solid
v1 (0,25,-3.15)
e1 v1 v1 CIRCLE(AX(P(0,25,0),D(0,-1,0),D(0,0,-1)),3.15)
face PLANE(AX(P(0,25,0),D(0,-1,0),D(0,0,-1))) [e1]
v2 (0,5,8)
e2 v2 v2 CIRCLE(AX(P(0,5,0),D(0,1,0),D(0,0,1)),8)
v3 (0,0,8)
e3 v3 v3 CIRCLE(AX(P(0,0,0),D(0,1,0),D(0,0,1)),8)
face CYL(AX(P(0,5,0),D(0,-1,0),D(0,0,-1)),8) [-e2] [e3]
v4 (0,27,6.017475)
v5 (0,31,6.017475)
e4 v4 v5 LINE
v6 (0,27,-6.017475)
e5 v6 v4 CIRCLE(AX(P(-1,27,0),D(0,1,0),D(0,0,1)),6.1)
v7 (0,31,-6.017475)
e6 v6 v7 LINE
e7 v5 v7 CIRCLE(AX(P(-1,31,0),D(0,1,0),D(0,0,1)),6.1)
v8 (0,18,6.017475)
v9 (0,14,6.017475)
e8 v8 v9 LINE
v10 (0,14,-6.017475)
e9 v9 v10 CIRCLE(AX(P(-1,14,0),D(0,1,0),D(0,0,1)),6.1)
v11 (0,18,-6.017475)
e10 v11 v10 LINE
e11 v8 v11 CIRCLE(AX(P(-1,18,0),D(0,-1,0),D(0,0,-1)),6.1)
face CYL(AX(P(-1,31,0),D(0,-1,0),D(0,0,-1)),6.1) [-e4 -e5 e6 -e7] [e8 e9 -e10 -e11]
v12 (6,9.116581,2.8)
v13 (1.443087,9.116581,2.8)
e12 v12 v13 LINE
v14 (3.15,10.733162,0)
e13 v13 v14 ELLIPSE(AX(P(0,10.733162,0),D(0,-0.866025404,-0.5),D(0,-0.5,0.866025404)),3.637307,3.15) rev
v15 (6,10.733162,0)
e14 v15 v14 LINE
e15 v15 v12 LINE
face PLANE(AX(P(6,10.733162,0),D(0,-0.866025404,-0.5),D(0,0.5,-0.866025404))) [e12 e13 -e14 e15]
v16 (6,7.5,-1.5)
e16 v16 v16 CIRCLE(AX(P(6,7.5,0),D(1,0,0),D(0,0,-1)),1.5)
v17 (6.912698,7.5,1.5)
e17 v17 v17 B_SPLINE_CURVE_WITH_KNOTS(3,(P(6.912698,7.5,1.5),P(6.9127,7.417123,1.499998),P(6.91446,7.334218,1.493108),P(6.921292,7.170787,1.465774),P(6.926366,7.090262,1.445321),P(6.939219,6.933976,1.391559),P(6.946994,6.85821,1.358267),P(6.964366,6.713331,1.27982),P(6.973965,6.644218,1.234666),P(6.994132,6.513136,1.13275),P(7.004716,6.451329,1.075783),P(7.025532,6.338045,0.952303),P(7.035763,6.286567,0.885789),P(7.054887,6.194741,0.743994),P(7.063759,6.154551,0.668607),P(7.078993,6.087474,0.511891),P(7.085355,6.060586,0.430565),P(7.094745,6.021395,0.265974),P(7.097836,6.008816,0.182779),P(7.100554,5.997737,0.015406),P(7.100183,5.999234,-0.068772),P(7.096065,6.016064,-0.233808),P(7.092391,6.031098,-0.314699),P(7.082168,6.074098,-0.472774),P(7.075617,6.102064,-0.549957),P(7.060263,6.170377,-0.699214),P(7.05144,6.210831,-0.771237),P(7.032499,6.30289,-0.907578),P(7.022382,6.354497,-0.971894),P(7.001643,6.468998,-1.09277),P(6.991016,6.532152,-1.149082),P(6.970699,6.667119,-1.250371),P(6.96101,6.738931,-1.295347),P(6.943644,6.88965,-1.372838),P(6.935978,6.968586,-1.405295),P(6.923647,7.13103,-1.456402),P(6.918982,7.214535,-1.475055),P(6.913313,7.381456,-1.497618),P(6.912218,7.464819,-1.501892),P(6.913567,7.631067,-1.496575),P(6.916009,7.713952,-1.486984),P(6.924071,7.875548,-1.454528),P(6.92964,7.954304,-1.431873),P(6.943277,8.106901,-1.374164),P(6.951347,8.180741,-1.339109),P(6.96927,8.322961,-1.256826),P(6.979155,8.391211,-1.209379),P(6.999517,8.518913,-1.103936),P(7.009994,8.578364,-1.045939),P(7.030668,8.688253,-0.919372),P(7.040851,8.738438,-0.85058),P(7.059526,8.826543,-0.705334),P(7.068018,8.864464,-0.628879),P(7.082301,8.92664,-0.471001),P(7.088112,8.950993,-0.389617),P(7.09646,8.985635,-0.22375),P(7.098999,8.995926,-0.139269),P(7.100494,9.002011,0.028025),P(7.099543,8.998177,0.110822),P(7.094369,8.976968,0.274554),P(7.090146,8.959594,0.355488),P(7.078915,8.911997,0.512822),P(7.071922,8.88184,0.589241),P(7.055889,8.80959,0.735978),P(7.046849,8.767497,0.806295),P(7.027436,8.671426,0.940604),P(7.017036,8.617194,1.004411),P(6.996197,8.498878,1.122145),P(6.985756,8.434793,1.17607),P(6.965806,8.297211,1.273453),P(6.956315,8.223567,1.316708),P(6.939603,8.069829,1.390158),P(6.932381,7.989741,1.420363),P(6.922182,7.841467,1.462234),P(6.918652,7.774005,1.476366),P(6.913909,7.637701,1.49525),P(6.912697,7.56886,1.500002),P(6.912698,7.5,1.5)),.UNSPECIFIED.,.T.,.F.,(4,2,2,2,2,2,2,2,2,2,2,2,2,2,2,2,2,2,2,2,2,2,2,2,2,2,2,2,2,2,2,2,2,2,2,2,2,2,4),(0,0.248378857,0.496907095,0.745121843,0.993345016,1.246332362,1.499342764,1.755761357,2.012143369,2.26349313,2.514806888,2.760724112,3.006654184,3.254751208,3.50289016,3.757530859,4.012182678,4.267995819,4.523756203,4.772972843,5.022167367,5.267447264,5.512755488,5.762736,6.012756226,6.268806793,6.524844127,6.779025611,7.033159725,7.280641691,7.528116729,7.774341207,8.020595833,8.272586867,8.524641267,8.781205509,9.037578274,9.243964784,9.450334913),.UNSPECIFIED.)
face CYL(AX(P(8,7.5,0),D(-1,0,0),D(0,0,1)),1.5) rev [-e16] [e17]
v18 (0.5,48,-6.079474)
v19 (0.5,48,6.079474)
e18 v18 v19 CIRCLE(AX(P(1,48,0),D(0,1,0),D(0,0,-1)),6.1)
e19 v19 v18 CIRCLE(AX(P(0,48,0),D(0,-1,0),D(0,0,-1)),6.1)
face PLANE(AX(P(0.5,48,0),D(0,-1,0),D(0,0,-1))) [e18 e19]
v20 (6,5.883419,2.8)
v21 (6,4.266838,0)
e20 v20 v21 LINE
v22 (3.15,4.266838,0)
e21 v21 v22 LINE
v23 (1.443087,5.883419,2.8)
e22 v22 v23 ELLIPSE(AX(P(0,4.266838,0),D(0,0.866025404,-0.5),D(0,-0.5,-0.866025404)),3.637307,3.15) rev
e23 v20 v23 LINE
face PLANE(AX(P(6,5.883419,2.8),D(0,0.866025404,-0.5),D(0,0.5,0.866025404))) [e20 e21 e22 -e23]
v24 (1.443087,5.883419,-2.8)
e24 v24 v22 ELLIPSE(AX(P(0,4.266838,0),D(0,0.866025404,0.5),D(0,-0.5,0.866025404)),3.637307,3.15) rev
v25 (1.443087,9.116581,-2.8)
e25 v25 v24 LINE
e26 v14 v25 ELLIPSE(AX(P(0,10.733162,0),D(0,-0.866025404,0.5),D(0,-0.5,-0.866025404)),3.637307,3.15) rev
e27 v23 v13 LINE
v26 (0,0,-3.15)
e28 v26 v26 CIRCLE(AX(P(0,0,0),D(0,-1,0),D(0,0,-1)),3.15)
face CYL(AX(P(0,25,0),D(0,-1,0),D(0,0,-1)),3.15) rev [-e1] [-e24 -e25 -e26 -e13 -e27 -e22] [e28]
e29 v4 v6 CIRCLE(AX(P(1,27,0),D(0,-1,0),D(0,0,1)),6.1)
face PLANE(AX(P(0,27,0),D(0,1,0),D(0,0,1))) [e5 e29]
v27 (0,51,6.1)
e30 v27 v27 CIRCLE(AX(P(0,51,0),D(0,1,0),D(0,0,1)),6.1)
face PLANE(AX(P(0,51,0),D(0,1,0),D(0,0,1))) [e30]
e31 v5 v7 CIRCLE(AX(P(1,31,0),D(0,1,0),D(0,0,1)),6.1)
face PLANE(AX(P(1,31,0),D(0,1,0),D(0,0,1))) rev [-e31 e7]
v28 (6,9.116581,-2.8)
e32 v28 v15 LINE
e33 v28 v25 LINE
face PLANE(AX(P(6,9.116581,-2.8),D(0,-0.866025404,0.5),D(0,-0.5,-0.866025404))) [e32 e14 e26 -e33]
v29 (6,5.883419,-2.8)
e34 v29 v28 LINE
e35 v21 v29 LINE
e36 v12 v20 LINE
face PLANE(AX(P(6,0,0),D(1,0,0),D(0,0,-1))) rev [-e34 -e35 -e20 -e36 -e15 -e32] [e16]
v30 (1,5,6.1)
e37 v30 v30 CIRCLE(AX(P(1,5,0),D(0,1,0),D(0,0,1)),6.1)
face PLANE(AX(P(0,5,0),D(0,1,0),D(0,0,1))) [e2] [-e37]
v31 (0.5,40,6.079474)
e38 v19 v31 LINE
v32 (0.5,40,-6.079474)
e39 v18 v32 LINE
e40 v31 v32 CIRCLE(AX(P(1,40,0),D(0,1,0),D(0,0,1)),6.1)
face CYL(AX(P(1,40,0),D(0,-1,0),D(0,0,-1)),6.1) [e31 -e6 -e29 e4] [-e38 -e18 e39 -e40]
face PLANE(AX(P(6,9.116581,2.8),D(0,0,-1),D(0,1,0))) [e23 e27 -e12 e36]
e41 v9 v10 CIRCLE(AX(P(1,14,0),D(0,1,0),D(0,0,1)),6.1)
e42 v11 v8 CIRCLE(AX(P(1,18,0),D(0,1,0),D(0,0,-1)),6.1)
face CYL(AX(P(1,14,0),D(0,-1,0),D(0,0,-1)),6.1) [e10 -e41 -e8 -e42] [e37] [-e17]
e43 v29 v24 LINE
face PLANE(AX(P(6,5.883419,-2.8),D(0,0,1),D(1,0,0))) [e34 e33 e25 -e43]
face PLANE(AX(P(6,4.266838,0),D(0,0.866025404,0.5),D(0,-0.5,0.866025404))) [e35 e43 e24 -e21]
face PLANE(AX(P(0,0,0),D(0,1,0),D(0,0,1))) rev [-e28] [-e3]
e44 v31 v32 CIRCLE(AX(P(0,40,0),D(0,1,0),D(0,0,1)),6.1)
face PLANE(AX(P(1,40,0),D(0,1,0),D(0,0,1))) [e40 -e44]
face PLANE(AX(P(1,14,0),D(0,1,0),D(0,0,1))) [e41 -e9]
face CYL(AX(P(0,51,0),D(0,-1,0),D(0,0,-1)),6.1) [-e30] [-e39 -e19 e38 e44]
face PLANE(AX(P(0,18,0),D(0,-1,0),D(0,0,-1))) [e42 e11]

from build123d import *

# Parameters (mm, degrees)
SKETCH1_R           = 8
BOSS_EXTRUDE1_DEPTH = 5
SKETCH2_R           = 6.1
BOSS_EXTRUDE2_DEPTH = 9
SKETCH3_R           = 6.1
BOSS_EXTRUDE3_DEPTH = 17
SKETCH4_R           = 6.1
BOSS_EXTRUDE4_DEPTH = 9
CUT_EXTRUDE1_START  = -4
CUT_EXTRUDE1_DEPTH  = 4
CUT_EXTRUDE2_DEPTH  = 4
SKETCH7_R           = 6.1
BOSS_EXTRUDE5_DEPTH = 11
CUT_EXTRUDE3_DEPTH  = 8
SKETCH9_R           = 3.15
CUT_EXTRUDE4_DEPTH  = 25
SKETCH10_R          = 1.5
CUT_EXTRUDE5_DEPTH  = 53.239831546
SKETCH11_R          = 1.5
CUT_EXTRUDE6_DEPTH  = 6


with BuildPart() as part:
    # Sketch1 → Boss-Extrude1 (new body)
    with BuildSketch(Plane(origin=(0, 0, 0), x_dir=(1, 0, 0), z_dir=(0, 1, 0))):
        with Locations(Location((0, 0, 0), (0, 0, 270))):
            Circle(SKETCH1_R)
    extrude(amount=BOSS_EXTRUDE1_DEPTH)

    # Sketch2 → Boss-Extrude2 (add)
    with BuildSketch(Plane(origin=(0, 5, 0), x_dir=(1, 0, 0), z_dir=(0, 1, 0))):
        with Locations(Location((1, 0, 0), (0, 0, 270))):
            Circle(SKETCH2_R)
    extrude(amount=BOSS_EXTRUDE2_DEPTH)

    # Sketch3 → Boss-Extrude3 (add)
    with BuildSketch(Plane(origin=(0, 14, 0), x_dir=(1, 0, 0), z_dir=(0, 1, 0))):
        with Locations(Location((-1, 0, 0), (0, 0, 80.564661277))):
            Circle(SKETCH3_R)
    extrude(amount=BOSS_EXTRUDE3_DEPTH)

    # Sketch4 → Boss-Extrude4 (add)
    with BuildSketch(Plane(origin=(0, 31, 0), x_dir=(1, 0, 0), z_dir=(0, 1, 0))):
        with Locations(Location((1, 0, 0), (0, 0, 99.435338723))):
            Circle(SKETCH4_R)
    extrude(amount=BOSS_EXTRUDE4_DEPTH)

    # Sketch5 → Cut-Extrude1 (cut)
    with BuildSketch(Plane(origin=(0, 31, 0), x_dir=(1, 0, 0), z_dir=(0, 1, 0)).offset(CUT_EXTRUDE1_START)):
        with BuildLine():
            ThreePointArc((0, 6.017474553), (-5.1, 0), (0, -6.017474553))
            ThreePointArc((0, -6.017474553), (-7.1, 0), (0, 6.017474553))
        make_face()
    extrude(amount=CUT_EXTRUDE1_DEPTH, mode=Mode.SUBTRACT)

    # Sketch6 → Cut-Extrude2 (cut)
    with BuildSketch(Plane.XZ.offset(-14)):
        with BuildLine():
            ThreePointArc((0, 6.017474553), (-7.1, 0), (0, -6.017474553))
            ThreePointArc((0, -6.017474553), (-5.1, 0), (0, 6.017474553))
        make_face()
    extrude(amount=-CUT_EXTRUDE2_DEPTH, mode=Mode.SUBTRACT)

    # Sketch7 → Boss-Extrude5 (add)
    with BuildSketch(Plane(origin=(0, 40, 0), x_dir=(1, 0, 0), z_dir=(0, 1, 0))):
        with Locations(Location((0, 0, 0), (0, 0, 85.298349803))):
            Circle(SKETCH7_R)
    extrude(amount=BOSS_EXTRUDE5_DEPTH)

    # Sketch8 → Cut-Extrude3 (cut)
    with BuildSketch(Plane.XZ.offset(-40)):
        with BuildLine():
            ThreePointArc((0.5, 6.079473661), (-6.1, 0), (0.5, -6.079473661))
            ThreePointArc((0.5, -6.079473661), (-5.1, 0), (0.5, 6.079473661))
        make_face()
    extrude(amount=-CUT_EXTRUDE3_DEPTH, mode=Mode.SUBTRACT)

    # Sketch9 → Cut-Extrude4 (cut)
    with BuildSketch(Plane.XZ):
        with Locations(Location((0, 0, 0), (0, 0, 270))):
            Circle(SKETCH9_R)
    extrude(amount=-CUT_EXTRUDE4_DEPTH, mode=Mode.SUBTRACT)

    # Sketch10 → Cut-Extrude5 (cut, through all)
    with BuildSketch(Plane(origin=(0, 0, 0), x_dir=(0, 0, -1), z_dir=(1, 0, 0))):
        with Locations(Location((0, 7.5, 0), (0, 0, 180))):
            Circle(SKETCH10_R)
    extrude(amount=CUT_EXTRUDE5_DEPTH, mode=Mode.SUBTRACT)

    # Sketch11 → Cut-Extrude6 (cut)
    with BuildSketch(Plane(origin=(0, 0, 0), x_dir=(0, 0, -1), z_dir=(1, 0, 0))):
        Polygon((0, 10.733161507), (-2.8, 9.116580754), (-2.8, 5.883419246), (0, 4.266838493), (2.8, 5.883419246), (2.8, 9.116580754), align=None)
        with Locations(Location((0, 7.5, 0), (0, 0, 180))):
            Circle(SKETCH11_R, mode=Mode.SUBTRACT)
    extrude(amount=CUT_EXTRUDE6_DEPTH, mode=Mode.SUBTRACT)


solid = part.part
